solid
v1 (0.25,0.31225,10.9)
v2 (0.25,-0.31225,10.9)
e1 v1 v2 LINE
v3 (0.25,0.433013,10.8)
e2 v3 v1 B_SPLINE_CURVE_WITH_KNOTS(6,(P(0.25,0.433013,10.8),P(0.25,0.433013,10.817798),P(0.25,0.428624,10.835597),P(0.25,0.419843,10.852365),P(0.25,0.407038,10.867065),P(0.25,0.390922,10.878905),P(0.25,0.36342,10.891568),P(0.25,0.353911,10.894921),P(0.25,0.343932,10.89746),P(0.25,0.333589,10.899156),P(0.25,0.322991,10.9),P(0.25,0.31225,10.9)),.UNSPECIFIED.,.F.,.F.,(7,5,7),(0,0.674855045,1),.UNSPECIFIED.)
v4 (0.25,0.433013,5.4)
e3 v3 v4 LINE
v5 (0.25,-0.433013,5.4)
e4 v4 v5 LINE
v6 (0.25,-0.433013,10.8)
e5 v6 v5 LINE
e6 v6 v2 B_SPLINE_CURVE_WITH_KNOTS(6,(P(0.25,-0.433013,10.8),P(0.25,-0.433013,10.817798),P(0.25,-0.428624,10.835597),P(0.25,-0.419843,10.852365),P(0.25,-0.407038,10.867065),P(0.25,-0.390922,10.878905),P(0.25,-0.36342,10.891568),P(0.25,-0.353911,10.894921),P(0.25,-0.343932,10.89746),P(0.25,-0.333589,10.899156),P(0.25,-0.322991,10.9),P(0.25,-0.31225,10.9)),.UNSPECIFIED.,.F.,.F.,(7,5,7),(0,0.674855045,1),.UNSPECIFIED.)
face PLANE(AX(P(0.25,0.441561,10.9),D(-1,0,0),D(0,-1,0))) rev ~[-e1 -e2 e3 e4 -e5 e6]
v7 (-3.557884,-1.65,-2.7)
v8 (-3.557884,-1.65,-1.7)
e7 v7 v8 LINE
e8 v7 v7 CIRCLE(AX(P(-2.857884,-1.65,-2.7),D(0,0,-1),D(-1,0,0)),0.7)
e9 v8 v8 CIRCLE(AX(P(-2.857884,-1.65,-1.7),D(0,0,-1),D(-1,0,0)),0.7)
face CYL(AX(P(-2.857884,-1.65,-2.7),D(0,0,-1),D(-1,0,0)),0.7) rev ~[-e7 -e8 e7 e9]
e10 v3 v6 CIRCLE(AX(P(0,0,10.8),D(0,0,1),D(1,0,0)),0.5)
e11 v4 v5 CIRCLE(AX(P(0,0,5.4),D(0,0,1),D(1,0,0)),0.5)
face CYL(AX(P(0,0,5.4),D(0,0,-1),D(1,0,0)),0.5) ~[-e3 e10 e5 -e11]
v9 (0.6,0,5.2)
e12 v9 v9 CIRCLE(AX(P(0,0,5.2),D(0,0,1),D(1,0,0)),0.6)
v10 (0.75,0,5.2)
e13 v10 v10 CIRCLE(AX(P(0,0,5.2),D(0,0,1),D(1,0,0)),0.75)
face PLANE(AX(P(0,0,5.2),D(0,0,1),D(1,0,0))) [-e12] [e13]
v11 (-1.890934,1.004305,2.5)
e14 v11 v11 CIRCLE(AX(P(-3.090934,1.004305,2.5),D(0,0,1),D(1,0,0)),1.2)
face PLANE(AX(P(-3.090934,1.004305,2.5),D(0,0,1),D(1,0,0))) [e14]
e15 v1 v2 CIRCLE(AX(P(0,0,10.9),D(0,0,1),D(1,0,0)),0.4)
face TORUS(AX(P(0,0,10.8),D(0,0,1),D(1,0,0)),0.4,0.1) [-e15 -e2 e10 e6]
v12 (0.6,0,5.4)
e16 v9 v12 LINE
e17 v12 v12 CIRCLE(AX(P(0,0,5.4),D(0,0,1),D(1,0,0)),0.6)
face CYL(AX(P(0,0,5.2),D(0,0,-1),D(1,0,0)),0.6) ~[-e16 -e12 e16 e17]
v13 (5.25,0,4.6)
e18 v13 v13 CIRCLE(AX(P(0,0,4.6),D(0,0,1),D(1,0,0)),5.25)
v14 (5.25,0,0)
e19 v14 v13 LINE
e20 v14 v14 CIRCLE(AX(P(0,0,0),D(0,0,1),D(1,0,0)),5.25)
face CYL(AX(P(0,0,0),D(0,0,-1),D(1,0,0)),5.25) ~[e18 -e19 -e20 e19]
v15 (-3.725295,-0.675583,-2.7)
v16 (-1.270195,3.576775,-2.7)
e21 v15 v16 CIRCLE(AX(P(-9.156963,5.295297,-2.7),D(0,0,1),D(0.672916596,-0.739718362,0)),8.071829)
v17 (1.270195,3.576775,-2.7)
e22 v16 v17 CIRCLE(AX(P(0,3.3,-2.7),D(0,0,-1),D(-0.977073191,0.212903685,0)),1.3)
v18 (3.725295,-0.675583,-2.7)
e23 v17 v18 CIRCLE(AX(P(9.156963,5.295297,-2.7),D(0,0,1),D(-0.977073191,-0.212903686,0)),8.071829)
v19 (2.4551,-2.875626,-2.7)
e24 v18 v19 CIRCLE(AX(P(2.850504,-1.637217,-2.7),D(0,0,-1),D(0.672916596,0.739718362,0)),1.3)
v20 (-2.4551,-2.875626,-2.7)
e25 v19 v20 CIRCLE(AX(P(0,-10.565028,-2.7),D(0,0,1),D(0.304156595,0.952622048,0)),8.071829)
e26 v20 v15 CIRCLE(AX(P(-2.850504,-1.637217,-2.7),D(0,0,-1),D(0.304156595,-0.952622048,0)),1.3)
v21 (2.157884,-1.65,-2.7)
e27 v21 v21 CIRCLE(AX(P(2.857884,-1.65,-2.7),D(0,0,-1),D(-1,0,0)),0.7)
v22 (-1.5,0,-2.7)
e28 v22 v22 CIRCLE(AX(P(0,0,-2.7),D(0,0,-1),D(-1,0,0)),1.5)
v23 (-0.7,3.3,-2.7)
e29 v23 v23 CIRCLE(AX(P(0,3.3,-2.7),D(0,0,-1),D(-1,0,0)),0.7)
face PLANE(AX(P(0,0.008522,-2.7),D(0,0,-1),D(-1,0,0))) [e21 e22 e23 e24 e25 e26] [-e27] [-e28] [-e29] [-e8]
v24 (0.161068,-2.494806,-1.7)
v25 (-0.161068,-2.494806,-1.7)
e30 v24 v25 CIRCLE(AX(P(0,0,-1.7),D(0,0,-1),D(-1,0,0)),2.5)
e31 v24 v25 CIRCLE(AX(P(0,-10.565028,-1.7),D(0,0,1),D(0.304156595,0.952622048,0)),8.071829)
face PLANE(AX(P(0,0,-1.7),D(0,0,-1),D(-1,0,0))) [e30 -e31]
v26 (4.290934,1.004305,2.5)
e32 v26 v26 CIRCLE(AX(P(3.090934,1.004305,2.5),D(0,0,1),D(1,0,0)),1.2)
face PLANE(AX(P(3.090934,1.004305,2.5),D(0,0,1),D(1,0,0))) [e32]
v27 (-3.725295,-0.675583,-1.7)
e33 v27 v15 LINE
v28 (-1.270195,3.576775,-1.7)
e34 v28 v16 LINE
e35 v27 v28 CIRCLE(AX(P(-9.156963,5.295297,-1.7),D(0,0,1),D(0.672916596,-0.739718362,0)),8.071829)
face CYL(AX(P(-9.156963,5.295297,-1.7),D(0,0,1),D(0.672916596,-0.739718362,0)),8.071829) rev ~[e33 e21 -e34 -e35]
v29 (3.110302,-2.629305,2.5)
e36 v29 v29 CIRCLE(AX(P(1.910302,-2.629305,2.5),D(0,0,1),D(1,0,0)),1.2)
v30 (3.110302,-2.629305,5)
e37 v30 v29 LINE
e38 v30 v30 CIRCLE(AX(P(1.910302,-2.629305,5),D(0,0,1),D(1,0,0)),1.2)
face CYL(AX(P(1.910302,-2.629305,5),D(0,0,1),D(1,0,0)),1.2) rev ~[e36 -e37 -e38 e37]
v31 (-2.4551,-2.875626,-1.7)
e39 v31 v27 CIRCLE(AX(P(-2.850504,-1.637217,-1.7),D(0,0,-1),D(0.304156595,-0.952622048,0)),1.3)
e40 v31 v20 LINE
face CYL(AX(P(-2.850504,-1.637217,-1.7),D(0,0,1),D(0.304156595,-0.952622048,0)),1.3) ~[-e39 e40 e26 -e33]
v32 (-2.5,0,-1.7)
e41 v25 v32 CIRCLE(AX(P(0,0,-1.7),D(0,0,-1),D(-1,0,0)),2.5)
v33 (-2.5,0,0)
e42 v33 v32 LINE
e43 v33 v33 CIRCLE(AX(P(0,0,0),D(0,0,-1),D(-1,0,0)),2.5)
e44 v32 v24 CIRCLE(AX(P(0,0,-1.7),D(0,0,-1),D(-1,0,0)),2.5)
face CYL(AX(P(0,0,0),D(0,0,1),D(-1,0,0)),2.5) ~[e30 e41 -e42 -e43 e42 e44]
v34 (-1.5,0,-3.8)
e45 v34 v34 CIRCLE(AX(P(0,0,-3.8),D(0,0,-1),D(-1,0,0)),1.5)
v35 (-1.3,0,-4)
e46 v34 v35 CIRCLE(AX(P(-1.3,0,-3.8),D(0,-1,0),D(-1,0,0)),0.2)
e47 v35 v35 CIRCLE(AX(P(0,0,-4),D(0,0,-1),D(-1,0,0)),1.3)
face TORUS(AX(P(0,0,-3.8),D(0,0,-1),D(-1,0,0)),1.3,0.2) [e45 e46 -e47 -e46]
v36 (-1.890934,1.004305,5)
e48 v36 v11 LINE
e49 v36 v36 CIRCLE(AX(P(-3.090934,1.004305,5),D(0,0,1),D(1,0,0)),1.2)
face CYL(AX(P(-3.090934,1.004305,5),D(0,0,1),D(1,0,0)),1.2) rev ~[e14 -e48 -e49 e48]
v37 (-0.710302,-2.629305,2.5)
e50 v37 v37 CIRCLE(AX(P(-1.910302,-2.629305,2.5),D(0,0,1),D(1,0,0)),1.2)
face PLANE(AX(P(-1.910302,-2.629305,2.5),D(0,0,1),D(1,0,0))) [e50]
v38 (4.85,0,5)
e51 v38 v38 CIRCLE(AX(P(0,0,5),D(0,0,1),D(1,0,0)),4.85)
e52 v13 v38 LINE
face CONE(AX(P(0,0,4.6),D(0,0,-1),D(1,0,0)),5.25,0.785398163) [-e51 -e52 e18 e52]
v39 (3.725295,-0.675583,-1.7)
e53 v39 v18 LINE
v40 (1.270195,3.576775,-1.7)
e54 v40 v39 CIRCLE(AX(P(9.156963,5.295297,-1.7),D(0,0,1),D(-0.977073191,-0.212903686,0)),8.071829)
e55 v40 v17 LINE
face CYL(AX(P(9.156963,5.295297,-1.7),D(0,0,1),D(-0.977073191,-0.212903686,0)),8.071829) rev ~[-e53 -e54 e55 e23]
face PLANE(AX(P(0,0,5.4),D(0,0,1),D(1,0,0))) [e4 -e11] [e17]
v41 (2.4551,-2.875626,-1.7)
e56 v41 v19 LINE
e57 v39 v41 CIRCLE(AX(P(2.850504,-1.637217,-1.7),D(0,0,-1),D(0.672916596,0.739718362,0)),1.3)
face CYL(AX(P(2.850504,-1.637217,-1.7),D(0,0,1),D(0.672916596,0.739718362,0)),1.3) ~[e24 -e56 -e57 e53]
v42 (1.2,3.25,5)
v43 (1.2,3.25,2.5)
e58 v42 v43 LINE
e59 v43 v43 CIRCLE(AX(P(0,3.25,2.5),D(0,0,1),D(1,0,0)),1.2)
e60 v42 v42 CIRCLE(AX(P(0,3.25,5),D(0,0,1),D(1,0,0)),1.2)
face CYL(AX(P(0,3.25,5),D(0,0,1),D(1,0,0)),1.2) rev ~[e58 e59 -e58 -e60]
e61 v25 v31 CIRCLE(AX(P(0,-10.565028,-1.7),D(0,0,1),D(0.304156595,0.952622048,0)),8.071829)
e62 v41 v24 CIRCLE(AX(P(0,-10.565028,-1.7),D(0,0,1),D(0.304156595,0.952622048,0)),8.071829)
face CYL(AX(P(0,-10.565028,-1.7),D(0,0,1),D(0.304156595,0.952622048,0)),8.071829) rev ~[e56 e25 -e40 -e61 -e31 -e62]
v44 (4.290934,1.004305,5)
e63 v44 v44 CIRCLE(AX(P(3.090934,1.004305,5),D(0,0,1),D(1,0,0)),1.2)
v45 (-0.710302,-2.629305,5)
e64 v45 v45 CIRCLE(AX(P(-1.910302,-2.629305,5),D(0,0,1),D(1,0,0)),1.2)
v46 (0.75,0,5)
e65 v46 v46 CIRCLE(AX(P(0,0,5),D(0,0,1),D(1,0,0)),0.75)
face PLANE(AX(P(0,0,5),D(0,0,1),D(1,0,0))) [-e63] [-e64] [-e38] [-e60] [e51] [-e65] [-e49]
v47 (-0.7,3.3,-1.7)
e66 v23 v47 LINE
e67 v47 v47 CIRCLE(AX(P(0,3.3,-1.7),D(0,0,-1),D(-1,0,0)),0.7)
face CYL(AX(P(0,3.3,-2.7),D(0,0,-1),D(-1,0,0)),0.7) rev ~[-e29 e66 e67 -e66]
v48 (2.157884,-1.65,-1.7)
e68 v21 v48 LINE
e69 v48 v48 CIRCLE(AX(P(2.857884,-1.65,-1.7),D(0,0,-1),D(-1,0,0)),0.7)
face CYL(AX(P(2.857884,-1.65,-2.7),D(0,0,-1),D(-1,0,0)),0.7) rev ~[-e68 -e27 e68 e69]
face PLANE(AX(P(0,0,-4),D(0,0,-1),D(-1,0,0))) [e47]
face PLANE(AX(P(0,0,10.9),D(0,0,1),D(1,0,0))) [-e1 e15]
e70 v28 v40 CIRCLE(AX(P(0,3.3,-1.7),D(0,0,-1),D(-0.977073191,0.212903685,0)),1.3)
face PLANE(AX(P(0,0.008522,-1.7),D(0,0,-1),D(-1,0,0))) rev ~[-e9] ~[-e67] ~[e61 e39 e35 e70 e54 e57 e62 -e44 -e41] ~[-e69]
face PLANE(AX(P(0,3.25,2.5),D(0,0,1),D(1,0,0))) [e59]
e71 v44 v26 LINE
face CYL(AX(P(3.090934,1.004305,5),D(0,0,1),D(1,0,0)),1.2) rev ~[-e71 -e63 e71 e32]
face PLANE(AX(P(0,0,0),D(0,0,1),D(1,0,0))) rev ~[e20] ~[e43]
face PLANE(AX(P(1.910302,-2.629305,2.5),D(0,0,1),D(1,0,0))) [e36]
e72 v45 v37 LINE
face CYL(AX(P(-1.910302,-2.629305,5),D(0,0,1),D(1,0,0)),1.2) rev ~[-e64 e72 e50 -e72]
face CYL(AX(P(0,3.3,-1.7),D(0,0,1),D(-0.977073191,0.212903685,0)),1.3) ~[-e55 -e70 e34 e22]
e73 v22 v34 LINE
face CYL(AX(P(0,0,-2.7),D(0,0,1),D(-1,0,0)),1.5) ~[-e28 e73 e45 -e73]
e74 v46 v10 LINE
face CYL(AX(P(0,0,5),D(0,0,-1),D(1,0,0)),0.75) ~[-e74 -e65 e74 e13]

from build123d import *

# Parameters (mm, degrees)
SKETCH_1_R          = 5.25
EXTRUDE_1_DEPTH     = 5
CHAMFER_1_SIZE      = 0.4
SKETCH_2_R          = 1.2
CUT_EXTRUDE_1_DEPTH = 2.5
SKETCH_3_R          = 0.75
EXTRUDE_2_DEPTH     = 0.2
SKETCH_4_R          = 0.6
EXTRUDE_3_DEPTH     = 0.2
SKETCH_5_R          = 0.5
EXTRUDE_4_DEPTH     = 5.5
FILLET_1_R          = 0.1
SKETCH_6_R          = 2.5
EXTRUDE_5_DEPTH     = 1.7
EXTRUDE_6_DEPTH     = 1
SKETCH_8_R          = 0.7
CUT_EXTRUDE_2_DEPTH = 1
SKETCH_9_R          = 1.5
EXTRUDE_7_DEPTH     = 1.3
FILLET_2_R          = 0.2
CUT_EXTRUDE_3_DEPTH = 5.5


with BuildPart() as part:
    # 草图1 → 凸台-拉伸1 (new body)
    with BuildSketch(Plane.XY):
        Circle(SKETCH_1_R)
    extrude(amount=EXTRUDE_1_DEPTH)

    # 倒角1
    chamfer_1_edges = [part.edges().sort_by_distance(p)[0] for p in [
        (-5.25, 0, 5),
    ]]
    chamfer(chamfer_1_edges, length=CHAMFER_1_SIZE)

    # 草图2 → 切除-拉伸1 (cut)
    with BuildSketch(Plane.XY.offset(5)):
        with Locations((0, 3.25)):
            Circle(SKETCH_2_R)
        with Locations((3.090933678, 1.004305232)):
            Circle(SKETCH_2_R)
        with Locations((1.91030207, -2.629305232)):
            Circle(SKETCH_2_R)
        with Locations((-1.91030207, -2.629305232)):
            Circle(SKETCH_2_R)
        with Locations((-3.090933678, 1.004305232)):
            Circle(SKETCH_2_R)
    extrude(amount=-CUT_EXTRUDE_1_DEPTH, mode=Mode.SUBTRACT)

    # 草图3 → 凸台-拉伸2 (add)
    with BuildSketch(Plane.XY.offset(5)):
        Circle(SKETCH_3_R)
    extrude(amount=EXTRUDE_2_DEPTH)

    # 草图4 → 凸台-拉伸3 (add)
    with BuildSketch(Plane.XY.offset(5.2)):
        Circle(SKETCH_4_R)
    extrude(amount=EXTRUDE_3_DEPTH)

    # 草图5 → 凸台-拉伸4 (add)
    with BuildSketch(Plane.XY.offset(5.4)):
        Circle(SKETCH_5_R)
    extrude(amount=EXTRUDE_4_DEPTH)

    # 圆角1
    fillet_1_edges = [part.edges().sort_by_distance(p)[0] for p in [
        (-0.5, 0, 10.9),
    ]]
    fillet(fillet_1_edges, radius=FILLET_1_R)

    # 草图6 → 凸台-拉伸5 (add)
    with BuildSketch(Plane(origin=(0, 0, 0), x_dir=(-1, 0, 0), z_dir=(0, 0, -1))):
        Circle(SKETCH_6_R)
    extrude(amount=EXTRUDE_5_DEPTH)

    # 草图7 → 凸台-拉伸6 (add)
    with BuildSketch(Plane(origin=(0, 0, -1.7), x_dir=(-1, 0, 0), z_dir=(0, 0, -1))):
        with BuildLine():
            ThreePointArc((1.270195148, 3.576774791), (0, 4.6), (-1.270195148, 3.576774791))
            ThreePointArc((-1.270195148, 3.576774791), (-2.166553875, 1.259382495), (-3.725295111, -0.675583082))
            ThreePointArc((-3.725295111, -0.675583082), (-3.976336561, -2.287216952), (-2.455099963, -2.875625614))
            ThreePointArc((-2.455099963, -2.875625614), (0, -2.493198894), (2.455099963, -2.875625614))
            ThreePointArc((2.455099963, -2.875625614), (3.976336561, -2.287216952), (3.725295111, -0.675583082))
            ThreePointArc((3.725295111, -0.675583082), (2.166553875, 1.259382495), (1.270195148, 3.576774791))
        make_face()
    extrude(amount=EXTRUDE_6_DEPTH)

    # 草图8 → 切除-拉伸2 (cut)
    with BuildSketch(Plane(origin=(0, 0, -2.7), x_dir=(-1, 0, 0), z_dir=(0, 0, -1))):
        with Locations((0, 3.3)):
            Circle(SKETCH_8_R)
        with Locations((2.857883832, -1.65)):
            Circle(SKETCH_8_R)
        with Locations((-2.857883832, -1.65)):
            Circle(SKETCH_8_R)
    extrude(amount=-CUT_EXTRUDE_2_DEPTH, mode=Mode.SUBTRACT)

    # 草图9 → 凸台-拉伸7 (add)
    with BuildSketch(Plane(origin=(0, 0, -2.7), x_dir=(-1, 0, 0), z_dir=(0, 0, -1))):
        Circle(SKETCH_9_R)
    extrude(amount=EXTRUDE_7_DEPTH)

    # 圆角2
    fillet_2_edges = [part.edges().sort_by_distance(p)[0] for p in [
        (1.5, 0, -4),
    ]]
    fillet(fillet_2_edges, radius=FILLET_2_R)

    # 草图10 → 切除-拉伸3 (cut)
    with BuildSketch(Plane.XY.offset(10.9)):
        with BuildLine():
            Line((0.25, 0.441561144), (0.25, -0.441561144))
            ThreePointArc((0.25, -0.441561144), (0.50742117, 0), (0.25, 0.441561144))
        make_face()
    extrude(amount=-CUT_EXTRUDE_3_DEPTH, mode=Mode.SUBTRACT)


solid = part.part
